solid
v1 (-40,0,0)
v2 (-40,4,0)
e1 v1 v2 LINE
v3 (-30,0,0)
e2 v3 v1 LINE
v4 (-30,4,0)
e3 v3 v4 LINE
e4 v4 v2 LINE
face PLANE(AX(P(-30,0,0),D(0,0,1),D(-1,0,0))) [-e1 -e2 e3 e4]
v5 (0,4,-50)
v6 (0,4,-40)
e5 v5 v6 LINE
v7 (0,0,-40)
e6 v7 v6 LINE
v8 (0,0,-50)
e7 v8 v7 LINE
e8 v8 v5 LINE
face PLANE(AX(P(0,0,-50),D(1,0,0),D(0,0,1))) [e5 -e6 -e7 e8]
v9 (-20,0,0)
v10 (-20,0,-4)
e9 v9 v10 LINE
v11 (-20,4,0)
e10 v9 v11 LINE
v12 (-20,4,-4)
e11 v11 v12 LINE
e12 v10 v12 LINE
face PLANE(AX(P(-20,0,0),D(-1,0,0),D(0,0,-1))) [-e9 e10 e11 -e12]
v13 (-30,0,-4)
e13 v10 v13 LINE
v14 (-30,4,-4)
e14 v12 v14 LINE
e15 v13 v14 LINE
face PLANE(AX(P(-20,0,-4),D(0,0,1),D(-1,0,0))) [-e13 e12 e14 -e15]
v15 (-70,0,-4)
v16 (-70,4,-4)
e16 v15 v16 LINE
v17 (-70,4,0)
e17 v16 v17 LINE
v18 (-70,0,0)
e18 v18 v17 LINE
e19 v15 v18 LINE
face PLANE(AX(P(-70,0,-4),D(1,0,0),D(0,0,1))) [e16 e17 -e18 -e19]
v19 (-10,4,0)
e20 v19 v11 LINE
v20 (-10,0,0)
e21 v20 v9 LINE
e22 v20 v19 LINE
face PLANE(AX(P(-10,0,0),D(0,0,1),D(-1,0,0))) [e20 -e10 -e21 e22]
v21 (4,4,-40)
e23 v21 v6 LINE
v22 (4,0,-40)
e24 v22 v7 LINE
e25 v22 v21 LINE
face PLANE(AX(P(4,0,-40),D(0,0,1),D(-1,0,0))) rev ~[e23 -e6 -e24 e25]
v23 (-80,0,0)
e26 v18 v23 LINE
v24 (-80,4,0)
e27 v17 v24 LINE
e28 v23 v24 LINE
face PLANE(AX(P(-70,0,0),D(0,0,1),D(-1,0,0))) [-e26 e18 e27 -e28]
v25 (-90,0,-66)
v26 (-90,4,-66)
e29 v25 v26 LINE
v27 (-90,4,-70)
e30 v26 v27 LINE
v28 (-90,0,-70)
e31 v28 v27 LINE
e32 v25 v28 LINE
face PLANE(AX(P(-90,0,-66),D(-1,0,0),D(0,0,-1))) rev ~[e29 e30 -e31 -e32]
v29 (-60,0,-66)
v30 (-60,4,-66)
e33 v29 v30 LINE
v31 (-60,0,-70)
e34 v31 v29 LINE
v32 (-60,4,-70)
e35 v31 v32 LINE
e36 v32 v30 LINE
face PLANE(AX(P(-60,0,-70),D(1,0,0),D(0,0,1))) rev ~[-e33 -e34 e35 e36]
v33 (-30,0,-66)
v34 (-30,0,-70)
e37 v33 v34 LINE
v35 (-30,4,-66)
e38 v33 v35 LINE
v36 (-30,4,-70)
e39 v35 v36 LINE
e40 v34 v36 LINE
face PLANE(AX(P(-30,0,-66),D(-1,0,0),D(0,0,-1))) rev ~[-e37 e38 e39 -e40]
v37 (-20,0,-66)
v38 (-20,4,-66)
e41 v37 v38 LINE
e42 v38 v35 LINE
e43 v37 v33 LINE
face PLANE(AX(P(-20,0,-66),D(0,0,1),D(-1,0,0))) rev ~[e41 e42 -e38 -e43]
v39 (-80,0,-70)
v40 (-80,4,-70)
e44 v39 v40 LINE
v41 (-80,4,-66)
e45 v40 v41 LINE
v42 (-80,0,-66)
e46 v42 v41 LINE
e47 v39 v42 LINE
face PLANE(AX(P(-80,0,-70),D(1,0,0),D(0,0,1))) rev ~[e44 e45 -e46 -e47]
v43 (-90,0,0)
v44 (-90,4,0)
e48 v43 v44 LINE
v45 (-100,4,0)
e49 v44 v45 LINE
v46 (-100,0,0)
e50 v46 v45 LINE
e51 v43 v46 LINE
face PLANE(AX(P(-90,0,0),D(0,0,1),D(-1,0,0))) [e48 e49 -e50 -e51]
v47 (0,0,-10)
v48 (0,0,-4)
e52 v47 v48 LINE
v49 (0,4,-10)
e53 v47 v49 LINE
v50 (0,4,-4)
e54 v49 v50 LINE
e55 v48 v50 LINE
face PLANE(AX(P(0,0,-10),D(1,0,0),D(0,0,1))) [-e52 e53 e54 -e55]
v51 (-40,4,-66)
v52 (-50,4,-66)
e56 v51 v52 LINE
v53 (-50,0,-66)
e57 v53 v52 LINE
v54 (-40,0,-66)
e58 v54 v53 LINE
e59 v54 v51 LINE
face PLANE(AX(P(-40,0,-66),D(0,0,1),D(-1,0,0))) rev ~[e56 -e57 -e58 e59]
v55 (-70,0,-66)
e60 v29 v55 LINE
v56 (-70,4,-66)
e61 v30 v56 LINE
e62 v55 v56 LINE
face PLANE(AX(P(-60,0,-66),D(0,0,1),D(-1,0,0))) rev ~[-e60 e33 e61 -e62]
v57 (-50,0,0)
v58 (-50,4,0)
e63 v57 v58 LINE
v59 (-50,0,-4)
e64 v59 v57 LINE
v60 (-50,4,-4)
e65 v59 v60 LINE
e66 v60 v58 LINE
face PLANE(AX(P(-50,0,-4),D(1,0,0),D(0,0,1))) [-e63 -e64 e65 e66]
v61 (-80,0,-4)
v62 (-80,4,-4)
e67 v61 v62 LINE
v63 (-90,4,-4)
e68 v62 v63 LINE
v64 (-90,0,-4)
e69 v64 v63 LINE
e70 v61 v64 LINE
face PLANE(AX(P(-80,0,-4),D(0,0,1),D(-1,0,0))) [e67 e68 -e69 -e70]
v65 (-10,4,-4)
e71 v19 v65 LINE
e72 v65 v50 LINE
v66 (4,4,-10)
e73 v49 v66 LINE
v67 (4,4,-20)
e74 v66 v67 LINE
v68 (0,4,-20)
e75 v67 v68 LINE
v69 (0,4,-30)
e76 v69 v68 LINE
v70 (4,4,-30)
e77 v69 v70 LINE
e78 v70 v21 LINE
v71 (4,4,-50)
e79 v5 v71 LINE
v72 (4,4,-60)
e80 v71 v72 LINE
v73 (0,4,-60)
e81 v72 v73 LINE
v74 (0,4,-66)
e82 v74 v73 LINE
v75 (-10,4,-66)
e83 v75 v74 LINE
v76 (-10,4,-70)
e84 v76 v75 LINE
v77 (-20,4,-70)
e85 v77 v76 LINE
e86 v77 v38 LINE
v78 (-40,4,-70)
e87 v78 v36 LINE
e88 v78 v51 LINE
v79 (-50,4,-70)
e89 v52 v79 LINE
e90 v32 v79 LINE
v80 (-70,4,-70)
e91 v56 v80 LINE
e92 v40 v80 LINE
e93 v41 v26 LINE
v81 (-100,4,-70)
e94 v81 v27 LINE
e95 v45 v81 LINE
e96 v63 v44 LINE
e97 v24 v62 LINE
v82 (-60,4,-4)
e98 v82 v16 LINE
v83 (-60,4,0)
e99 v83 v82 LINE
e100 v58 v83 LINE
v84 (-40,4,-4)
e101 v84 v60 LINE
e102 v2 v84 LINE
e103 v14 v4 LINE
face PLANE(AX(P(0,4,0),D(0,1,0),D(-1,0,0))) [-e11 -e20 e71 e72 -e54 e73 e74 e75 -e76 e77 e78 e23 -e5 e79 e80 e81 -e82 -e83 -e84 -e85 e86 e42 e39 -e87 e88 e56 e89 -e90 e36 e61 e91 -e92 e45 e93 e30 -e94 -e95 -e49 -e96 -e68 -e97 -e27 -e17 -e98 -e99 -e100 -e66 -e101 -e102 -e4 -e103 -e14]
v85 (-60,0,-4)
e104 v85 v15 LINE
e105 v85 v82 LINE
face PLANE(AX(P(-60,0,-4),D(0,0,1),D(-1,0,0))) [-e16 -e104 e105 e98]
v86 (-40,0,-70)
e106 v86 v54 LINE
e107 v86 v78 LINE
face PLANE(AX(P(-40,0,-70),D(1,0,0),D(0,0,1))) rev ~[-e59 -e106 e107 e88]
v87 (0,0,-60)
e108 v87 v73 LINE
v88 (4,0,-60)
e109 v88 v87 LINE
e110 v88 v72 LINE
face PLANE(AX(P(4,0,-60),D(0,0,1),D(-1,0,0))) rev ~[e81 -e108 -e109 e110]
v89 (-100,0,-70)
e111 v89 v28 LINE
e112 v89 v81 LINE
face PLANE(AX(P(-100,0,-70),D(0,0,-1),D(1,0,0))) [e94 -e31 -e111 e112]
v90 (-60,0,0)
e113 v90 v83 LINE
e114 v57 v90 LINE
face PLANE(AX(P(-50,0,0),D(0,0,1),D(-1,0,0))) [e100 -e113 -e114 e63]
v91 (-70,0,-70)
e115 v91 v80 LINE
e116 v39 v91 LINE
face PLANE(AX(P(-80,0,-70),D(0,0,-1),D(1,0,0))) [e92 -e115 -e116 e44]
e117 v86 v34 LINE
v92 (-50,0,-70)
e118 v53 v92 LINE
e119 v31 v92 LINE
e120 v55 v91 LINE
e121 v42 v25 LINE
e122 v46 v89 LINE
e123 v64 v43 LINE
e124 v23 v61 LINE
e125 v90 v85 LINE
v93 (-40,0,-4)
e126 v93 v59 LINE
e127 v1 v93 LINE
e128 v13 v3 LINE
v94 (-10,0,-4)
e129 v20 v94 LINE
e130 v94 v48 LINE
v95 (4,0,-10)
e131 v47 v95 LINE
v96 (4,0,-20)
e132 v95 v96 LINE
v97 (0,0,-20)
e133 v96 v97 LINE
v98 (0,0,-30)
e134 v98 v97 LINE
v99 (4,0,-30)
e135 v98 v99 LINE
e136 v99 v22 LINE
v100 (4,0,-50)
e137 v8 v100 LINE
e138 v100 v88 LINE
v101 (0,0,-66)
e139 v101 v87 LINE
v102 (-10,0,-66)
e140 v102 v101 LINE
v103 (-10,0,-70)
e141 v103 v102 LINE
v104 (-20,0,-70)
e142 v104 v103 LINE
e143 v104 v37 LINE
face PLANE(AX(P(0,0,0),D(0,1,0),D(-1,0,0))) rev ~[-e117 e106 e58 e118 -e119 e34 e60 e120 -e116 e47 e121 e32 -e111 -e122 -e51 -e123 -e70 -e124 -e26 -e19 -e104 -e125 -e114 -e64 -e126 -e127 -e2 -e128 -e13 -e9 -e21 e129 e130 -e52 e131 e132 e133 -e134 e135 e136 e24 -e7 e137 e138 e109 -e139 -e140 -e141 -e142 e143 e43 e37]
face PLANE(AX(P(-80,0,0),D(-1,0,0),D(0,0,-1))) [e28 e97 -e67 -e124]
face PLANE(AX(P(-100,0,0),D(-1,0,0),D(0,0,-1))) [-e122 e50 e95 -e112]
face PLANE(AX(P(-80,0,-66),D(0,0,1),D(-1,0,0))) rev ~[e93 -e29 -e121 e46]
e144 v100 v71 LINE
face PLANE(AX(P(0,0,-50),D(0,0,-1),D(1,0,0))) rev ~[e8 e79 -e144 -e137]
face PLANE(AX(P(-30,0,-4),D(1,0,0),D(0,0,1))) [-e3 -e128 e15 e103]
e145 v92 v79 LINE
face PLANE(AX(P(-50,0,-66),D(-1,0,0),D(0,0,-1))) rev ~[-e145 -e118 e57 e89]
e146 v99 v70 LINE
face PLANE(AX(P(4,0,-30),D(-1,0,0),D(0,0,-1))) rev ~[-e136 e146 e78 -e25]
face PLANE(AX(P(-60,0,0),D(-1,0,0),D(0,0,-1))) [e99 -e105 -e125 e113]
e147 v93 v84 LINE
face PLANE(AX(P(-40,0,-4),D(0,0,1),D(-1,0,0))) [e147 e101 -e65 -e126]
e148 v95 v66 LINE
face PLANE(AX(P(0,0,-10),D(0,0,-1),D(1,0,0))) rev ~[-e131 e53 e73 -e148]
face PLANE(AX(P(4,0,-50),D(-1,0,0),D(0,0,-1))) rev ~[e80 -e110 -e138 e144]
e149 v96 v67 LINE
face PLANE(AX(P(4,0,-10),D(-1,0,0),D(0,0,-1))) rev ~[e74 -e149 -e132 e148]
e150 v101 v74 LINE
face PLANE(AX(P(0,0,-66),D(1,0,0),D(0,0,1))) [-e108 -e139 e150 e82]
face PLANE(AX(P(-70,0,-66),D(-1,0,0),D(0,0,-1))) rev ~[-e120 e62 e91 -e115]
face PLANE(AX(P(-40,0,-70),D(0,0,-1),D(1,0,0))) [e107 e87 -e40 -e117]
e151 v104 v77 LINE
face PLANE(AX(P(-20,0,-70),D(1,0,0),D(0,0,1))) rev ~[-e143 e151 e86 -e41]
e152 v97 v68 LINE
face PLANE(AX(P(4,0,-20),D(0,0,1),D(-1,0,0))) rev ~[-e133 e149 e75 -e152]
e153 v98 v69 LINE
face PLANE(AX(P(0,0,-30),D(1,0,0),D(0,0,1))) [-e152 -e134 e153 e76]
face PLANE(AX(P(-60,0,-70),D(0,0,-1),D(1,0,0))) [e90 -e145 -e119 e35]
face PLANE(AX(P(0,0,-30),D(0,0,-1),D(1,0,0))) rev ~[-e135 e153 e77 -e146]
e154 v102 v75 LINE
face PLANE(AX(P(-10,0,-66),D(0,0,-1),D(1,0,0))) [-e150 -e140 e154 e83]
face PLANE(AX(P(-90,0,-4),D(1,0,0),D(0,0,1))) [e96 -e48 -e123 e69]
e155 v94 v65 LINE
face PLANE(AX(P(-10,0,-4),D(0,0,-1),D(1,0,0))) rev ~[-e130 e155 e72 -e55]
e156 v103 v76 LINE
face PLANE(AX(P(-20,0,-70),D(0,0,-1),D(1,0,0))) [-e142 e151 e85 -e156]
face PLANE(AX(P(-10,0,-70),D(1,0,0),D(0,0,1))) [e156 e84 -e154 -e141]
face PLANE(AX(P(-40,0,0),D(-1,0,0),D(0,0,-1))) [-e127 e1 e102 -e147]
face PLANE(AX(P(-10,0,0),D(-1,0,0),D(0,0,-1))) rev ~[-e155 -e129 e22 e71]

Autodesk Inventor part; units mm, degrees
ref_plane "YZ Plane" through (0, 0, 0) normal (1, 0, 0) x (0, 1, 0)
ref_plane "XZ Plane" through (0, 0, 0) normal (0, 1, 0) x (-1, 0, 0)
ref_plane "XY Plane" through (0, 0, 0) normal (0, 0, 1) x (1, 0, 0)
sketch "スケッチ1" plane through (0, 0, 0) normal (0, 1, 0) x (-1, 0, 0)
  line L0 (0, 0) -> (100, 0)
  line L1 (100, 0) -> (100, -70)
  line L2 (100, -70) -> (0, -70)
  line L3 (0, -70) -> (0, 0)
  line L4 (0, -10) -> (-4, -10)
  line L5 (-4, -10) -> (-4, -20)
  line L6 (-4, -20) -> (0, -20)
  line L7 (0, -20) -> (0, -10)
  line L8 (0, -30) -> (-4, -30)
  line L9 (-4, -30) -> (-4, -40)
  line L10 (-4, -40) -> (0, -40)
  line L11 (0, -50) -> (-4, -50)
  line L12 (-4, -50) -> (-4, -60)
  line L13 (-4, -60) -> (0, -60)
  line L14 (0, 0) -> (10, 0)
  line L15 (10, 0) -> (10, -4)
  line L16 (10, -4) -> (0, -4)
  line L17 (0, -4) -> (0, 0)
  line L18 (0, -70) -> (10, -70)
  line L19 (10, -70) -> (10, -66)
  line L20 (10, -66) -> (0, -66)
  line L21 (0, -66) -> (0, -70)
  line L22 (30, 0) -> (20, 0)
  line L23 (20, 0) -> (20, -4)
  line L24 (20, -4) -> (30, -4)
  line L25 (30, -4) -> (30, 0)
  line L26 (30, -70) -> (20, -70)
  line L27 (20, -70) -> (20, -66)
  line L28 (20, -66) -> (30, -66)
  line L29 (30, -66) -> (30, -70)
  line L30 (50, -4) -> (50, 0)
  line L31 (40, -4) -> (50, -4)
  line L32 (40, 0) -> (40, -4)
  line L33 (50, -66) -> (50, -70)
  line L34 (40, -66) -> (50, -66)
  line L35 (40, -70) -> (40, -66)
  line L36 (70, -4) -> (70, 0)
  line L37 (60, -4) -> (70, -4)
  line L38 (60, 0) -> (60, -4)
  line L39 (70, -66) -> (70, -70)
  line L40 (60, -66) -> (70, -66)
  line L41 (60, -70) -> (60, -66)
  line L42 (90, -4) -> (90, 0)
  line L43 (80, -4) -> (90, -4)
  line L44 (80, 0) -> (80, -4)
  line L45 (90, -66) -> (90, -70)
  line L46 (80, -66) -> (90, -66)
  line L47 (80, -70) -> (80, -66)
  point P0 (20, -2)
  point P1 (40, -2)
  point P2 (60, -2)
  point P3 (80, -2)
  point P4 (0, -20)
  point P5 (0, -40)
  point P6 (0, -60)
  dimension "d0" = 100
  dimension "d1" = 70
  dimension "d2" = 4
  dimension "d3" = 10
  dimension "d4" = 10
  dimension "d7" = 20
  dimension "d12" = 10
  dimension "d13" = 4
  dimension "d14" = 10
  dimension "d15" = 4
  dimension "d16" = 10
  dimension "d17" = 10
  dimension "d18" = 10
  dimension "d21" = 20
extrude "押し出し1" add sketch "スケッチ1" along normal blind 4 contours L0 L23 L24 L25 L32 L31 L30 L38 L37 L36 L44 L43 L42 L1 L2 L45 L46 L47 L39 L40 L41 L33 L34 L35 L29 L28 L27 L19 L20 L3 L16 L15 | L3 L6 L5 L4 | L3 L10 L9 L8 | L3 L13 L12 L11
properties part number "ER_lipo_back_1" material "木材 (オーク)"
